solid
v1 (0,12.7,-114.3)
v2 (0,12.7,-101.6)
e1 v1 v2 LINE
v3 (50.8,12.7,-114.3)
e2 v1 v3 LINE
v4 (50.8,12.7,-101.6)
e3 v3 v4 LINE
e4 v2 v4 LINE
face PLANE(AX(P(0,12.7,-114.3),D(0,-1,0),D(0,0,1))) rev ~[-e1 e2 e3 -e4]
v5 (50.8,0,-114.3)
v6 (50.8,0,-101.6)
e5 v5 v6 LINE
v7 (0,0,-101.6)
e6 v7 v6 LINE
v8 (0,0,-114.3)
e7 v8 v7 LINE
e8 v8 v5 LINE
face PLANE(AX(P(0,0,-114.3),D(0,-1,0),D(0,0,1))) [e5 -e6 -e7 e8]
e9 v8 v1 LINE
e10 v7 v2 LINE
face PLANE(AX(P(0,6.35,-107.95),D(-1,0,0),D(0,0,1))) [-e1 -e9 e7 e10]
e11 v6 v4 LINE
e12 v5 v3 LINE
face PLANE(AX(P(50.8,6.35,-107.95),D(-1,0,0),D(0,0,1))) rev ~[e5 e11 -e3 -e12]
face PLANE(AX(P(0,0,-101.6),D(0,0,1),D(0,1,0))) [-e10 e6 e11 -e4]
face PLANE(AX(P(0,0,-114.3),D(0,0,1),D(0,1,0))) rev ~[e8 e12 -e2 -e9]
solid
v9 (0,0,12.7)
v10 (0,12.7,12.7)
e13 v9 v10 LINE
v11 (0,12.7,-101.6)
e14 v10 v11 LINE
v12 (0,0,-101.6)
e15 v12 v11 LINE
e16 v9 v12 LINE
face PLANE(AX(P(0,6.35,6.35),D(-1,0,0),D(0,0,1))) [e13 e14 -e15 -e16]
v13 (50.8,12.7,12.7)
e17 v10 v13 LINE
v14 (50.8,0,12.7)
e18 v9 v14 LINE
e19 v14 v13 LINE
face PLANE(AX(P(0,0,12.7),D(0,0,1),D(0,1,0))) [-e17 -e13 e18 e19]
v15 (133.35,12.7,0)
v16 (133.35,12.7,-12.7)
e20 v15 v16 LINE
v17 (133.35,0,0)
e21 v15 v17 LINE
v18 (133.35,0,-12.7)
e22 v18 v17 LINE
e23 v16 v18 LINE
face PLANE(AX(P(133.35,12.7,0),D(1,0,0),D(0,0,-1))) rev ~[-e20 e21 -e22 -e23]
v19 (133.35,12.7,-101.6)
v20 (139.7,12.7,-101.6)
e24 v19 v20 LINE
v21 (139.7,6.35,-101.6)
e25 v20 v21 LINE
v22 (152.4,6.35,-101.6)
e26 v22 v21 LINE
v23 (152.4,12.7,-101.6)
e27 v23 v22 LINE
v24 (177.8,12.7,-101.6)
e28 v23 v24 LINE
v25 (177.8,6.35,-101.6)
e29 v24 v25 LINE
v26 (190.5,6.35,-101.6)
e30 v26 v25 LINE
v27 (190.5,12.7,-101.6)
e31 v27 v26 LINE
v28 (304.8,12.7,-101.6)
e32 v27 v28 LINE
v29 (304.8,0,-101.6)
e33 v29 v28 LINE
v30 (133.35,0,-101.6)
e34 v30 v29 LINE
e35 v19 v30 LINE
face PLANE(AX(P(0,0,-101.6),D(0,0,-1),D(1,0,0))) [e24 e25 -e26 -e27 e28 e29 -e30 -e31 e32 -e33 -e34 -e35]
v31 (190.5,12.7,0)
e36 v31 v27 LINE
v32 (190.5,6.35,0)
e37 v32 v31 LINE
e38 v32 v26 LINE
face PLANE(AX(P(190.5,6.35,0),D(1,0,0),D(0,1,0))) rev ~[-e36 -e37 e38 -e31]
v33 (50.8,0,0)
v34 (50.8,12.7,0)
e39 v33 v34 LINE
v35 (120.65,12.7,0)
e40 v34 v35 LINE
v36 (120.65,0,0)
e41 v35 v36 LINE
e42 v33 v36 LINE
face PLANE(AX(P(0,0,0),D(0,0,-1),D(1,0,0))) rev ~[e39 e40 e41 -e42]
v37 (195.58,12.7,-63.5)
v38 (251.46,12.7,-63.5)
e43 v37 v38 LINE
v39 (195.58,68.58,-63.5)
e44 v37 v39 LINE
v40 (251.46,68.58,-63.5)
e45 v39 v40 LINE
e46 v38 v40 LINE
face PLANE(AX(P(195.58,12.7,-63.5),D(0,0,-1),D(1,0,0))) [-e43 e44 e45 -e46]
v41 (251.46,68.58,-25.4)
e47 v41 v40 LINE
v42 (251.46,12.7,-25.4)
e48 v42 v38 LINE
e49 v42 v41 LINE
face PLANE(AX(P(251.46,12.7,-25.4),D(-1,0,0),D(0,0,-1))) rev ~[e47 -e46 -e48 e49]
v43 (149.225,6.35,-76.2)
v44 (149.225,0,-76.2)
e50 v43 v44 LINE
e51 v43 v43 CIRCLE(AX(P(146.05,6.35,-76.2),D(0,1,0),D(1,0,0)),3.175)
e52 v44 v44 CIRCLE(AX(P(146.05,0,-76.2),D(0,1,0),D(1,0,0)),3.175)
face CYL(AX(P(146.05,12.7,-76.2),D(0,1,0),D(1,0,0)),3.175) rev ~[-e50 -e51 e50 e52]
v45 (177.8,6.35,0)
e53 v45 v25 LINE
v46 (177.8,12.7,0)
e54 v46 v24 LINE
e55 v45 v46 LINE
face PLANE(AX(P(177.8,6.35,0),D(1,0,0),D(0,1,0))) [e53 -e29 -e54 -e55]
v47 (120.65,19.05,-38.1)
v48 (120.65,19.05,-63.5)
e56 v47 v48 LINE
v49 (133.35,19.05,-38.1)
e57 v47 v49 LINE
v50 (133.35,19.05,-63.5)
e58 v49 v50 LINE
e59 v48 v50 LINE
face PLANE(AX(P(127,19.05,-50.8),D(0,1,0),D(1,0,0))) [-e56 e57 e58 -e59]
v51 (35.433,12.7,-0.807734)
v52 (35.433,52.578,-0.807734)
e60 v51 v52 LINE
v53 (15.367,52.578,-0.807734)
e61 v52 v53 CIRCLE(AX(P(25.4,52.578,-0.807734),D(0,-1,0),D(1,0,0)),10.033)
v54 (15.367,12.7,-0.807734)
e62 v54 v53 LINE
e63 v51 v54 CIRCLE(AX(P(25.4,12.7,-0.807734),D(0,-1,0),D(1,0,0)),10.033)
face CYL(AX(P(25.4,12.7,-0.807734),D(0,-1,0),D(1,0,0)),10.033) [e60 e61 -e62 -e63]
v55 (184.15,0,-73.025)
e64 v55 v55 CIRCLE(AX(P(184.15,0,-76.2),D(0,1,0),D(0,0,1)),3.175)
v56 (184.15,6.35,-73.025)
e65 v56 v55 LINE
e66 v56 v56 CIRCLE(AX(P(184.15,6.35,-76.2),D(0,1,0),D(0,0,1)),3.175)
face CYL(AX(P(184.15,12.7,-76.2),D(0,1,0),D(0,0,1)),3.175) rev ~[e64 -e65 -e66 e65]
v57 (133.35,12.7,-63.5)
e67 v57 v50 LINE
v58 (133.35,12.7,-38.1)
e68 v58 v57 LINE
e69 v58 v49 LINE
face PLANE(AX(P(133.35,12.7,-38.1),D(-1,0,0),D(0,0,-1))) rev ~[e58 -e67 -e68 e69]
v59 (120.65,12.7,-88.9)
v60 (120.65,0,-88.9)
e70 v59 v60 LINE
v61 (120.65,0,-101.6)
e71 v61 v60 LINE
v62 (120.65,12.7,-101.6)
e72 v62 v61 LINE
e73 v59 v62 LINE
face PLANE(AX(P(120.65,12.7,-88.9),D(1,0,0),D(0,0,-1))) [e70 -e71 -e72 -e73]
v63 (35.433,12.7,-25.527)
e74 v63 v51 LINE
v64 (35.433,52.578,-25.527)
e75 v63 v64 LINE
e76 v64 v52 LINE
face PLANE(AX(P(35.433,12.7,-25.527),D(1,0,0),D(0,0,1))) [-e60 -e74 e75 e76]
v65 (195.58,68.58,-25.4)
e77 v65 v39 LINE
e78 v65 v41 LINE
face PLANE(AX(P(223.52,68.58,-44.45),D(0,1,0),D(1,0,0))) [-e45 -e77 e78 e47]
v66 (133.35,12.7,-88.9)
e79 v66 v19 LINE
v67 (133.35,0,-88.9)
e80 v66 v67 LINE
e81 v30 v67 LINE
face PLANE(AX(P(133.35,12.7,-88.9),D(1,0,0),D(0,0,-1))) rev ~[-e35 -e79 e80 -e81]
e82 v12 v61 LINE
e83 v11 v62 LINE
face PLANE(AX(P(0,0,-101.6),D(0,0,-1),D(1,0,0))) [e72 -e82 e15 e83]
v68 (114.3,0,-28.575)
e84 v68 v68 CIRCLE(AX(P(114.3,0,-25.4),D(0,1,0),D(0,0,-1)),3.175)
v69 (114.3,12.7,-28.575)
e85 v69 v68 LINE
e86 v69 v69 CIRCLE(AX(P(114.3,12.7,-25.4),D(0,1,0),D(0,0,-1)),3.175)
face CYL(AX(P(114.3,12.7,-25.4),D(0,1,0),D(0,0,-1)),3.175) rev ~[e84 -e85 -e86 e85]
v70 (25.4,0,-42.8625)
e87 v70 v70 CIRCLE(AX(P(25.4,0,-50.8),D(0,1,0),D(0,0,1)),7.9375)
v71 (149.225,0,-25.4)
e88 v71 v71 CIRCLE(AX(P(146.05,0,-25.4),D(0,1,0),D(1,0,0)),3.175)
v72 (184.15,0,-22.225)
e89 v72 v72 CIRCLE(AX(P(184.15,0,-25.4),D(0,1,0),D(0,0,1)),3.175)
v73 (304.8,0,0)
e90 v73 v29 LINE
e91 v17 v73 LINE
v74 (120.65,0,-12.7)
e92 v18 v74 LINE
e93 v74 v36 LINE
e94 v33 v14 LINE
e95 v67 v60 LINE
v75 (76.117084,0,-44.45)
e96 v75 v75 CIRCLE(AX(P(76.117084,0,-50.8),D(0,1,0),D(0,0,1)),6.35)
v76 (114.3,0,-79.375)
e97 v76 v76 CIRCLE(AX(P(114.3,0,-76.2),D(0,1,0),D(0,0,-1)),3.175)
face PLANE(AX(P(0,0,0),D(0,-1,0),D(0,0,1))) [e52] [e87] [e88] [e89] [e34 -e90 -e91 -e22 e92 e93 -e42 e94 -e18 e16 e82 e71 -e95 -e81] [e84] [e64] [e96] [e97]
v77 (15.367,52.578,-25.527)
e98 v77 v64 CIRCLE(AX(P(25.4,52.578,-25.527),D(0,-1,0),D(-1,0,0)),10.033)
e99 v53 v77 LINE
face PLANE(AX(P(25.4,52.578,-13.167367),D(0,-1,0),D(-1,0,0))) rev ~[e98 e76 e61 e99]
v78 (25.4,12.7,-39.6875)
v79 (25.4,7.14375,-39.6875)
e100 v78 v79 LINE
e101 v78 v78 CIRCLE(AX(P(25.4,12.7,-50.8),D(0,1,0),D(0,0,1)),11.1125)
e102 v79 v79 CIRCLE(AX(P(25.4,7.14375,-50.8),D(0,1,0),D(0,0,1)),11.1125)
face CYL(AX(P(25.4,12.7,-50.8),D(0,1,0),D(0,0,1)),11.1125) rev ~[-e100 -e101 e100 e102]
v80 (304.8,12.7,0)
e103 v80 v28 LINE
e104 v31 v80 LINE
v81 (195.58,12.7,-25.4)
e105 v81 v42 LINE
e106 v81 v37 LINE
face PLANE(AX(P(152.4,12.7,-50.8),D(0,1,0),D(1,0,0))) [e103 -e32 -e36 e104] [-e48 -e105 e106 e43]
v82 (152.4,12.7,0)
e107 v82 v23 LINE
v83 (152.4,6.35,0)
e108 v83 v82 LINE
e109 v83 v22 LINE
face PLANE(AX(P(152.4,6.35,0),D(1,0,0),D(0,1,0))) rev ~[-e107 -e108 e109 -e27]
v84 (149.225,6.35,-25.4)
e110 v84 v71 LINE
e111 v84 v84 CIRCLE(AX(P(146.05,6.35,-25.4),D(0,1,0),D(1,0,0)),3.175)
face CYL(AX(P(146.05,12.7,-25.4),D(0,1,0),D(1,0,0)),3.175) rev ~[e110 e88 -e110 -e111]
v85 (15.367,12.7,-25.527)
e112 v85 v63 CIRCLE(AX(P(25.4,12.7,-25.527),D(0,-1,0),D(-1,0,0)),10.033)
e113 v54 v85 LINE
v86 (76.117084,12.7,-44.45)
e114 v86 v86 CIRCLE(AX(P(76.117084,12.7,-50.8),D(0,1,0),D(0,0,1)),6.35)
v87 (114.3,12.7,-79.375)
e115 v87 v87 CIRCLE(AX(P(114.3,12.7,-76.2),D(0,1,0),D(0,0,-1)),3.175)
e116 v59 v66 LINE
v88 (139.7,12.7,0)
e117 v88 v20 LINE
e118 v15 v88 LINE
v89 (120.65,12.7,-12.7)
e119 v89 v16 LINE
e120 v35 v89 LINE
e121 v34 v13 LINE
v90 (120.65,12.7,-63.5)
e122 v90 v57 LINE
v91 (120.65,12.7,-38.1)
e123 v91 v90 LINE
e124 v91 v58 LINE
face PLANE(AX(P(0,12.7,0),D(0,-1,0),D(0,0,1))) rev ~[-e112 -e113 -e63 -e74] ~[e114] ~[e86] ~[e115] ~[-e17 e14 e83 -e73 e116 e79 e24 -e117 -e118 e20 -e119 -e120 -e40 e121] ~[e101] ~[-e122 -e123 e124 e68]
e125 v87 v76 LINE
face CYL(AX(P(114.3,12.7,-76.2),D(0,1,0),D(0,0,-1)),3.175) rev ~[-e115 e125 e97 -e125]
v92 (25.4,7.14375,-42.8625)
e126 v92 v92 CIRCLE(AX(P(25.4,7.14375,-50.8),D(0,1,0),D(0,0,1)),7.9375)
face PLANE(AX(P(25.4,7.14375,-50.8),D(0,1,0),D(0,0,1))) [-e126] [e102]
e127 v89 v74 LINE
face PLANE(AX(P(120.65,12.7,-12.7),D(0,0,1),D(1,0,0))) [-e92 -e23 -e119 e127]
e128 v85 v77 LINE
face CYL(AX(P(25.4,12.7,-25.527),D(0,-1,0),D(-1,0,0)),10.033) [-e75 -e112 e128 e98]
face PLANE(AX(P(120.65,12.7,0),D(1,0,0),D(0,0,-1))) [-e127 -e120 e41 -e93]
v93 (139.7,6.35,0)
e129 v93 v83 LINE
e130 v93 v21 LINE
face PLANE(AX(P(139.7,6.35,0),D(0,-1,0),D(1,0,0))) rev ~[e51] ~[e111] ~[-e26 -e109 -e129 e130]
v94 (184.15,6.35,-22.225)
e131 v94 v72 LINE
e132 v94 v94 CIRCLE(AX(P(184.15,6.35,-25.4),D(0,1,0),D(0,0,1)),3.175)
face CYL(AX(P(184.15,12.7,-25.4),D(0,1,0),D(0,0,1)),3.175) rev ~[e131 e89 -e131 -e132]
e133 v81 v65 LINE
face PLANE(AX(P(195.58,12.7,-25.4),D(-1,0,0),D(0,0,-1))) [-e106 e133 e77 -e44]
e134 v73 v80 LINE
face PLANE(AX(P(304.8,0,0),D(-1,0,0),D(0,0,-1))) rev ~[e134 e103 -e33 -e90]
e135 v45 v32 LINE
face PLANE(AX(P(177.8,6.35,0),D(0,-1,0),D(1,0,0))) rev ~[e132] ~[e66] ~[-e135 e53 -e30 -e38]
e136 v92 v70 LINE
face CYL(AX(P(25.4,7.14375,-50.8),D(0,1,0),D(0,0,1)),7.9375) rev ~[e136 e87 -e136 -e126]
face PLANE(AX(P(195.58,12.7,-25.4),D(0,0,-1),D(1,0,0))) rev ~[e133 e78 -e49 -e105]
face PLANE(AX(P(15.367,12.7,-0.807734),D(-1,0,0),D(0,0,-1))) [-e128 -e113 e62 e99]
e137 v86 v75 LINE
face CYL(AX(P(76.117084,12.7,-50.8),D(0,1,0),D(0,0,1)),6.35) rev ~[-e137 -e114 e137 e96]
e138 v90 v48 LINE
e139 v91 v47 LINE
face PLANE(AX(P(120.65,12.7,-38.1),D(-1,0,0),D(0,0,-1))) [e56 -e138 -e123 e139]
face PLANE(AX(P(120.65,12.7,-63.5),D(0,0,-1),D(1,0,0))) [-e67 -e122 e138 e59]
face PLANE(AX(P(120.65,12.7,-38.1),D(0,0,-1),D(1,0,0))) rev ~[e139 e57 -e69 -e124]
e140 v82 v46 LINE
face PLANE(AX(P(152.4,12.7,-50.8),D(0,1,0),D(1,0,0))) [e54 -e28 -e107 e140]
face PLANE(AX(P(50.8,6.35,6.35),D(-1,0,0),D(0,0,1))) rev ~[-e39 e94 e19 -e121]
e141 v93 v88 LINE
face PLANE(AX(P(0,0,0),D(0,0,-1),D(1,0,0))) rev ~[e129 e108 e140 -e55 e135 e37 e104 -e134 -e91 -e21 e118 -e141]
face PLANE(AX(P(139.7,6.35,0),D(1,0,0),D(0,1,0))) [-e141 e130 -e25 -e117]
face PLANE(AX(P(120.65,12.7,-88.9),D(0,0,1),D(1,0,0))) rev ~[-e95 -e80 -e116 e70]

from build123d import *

# Parameters (mm, degrees)
SKETCH1_W             = 304.8
SKETCH1_H             = 101.6
BOSS_EXTRUDE1_DEPTH   = 12.7
SKETCH3_R             = 11.1125
CUT_EXTRUDE2_DEPTH    = 5.55625
SKETCH9_W             = 12.7
SKETCH9_H             = 6.35
CUT_EXTRUDE5_DEPTH    = 322.53831809
CUT_EXTRUDE8_START    = 6.35
SKETCH15_R            = 3.175
CUT_EXTRUDE8_DEPTH    = 25.4
SKETCH17_W            = 55.88
SKETCH17_H            = 38.1
BOSS_EXTRUDE5_DEPTH   = 55.88
SKETCH20_W            = 12.7
SKETCH20_H            = 12.7
BOSS_EXTRUDE7_DEPTH   = 50.8
BOSS_EXTRUDE7_2_DEPTH = 50.8
SKETCH21_R            = 7.9375
CUT_EXTRUDE10_DEPTH   = 332.273214755
BOSS_EXTRUDE8_DEPTH   = 39.878
SKETCH23_R            = 6.35
CUT_EXTRUDE11_DEPTH   = 331.287911374
SKETCH24_W            = 12.7
SKETCH24_H            = 25.4
BOSS_EXTRUDE9_DEPTH   = 6.35
SKETCH25_W            = 12.7
SKETCH25_H            = 12.7
CUT_EXTRUDE12_DEPTH   = 331.287911374


with BuildPart() as part:
    # Sketch1 → Boss-Extrude1 (new body)
    with BuildSketch(Plane(origin=(0, 0, 0), x_dir=(1, 0, 0), z_dir=(0, 1, 0))):
        with Locations((152.4, 50.8)):
            Rectangle(SKETCH1_W, SKETCH1_H)
    extrude(amount=BOSS_EXTRUDE1_DEPTH)

    # Sketch3 → Cut-Extrude2 (cut)
    with BuildSketch(Plane(origin=(0, 12.7, 0), x_dir=(1, 0, 0), z_dir=(0, 1, 0))):
        with Locations(Location((25.4, 50.8, 0), (0, 0, 270))):
            Circle(SKETCH3_R)
    extrude(amount=-CUT_EXTRUDE2_DEPTH, mode=Mode.SUBTRACT)

    # Sketch9 → Cut-Extrude5 (cut, through all)
    with BuildSketch(Plane.XY):
        with Locations((146.05, 9.525)):
            Rectangle(SKETCH9_W, SKETCH9_H)
        with Locations((184.15, 9.525)):
            Rectangle(SKETCH9_W, SKETCH9_H)
    extrude(amount=-CUT_EXTRUDE5_DEPTH, mode=Mode.SUBTRACT)

    # Sketch15 → Cut-Extrude8 (cut)
    with BuildSketch(Plane(origin=(0, 6.35, 0), x_dir=(1, 0, 0), z_dir=(0, 1, 0)).offset(CUT_EXTRUDE8_START)):
        with Locations((146.05, 25.4)):
            Circle(SKETCH15_R)
        with Locations(Location((184.15, 76.2, 0), (0, 0, 270))):
            Circle(SKETCH15_R)
        with Locations(Location((184.15, 25.4, 0), (0, 0, 270))):
            Circle(SKETCH15_R)
        with Locations((146.05, 76.2)):
            Circle(SKETCH15_R)
        with Locations(Location((114.3, 25.4, 0), (0, 0, 90))):
            Circle(SKETCH15_R)
        with Locations(Location((114.3, 76.2, 0), (0, 0, 90))):
            Circle(SKETCH15_R)
    extrude(amount=-CUT_EXTRUDE8_DEPTH, mode=Mode.SUBTRACT)

    # Sketch17 → Boss-Extrude5 (add)
    with BuildSketch(Plane(origin=(0, 12.7, 0), x_dir=(1, 0, 0), z_dir=(0, 1, 0))):
        with Locations((223.52, 44.45)):
            Rectangle(SKETCH17_W, SKETCH17_H)
    extrude(amount=BOSS_EXTRUDE5_DEPTH)

    # Sketch21 → Cut-Extrude10 (cut, through all)
    with BuildSketch(Plane(origin=(0, 7.14375, 0), x_dir=(1, 0, 0), z_dir=(0, 1, 0))):
        with Locations(Location((25.4, 50.8, 0), (0, 0, 270))):
            Circle(SKETCH21_R)
    extrude(amount=-CUT_EXTRUDE10_DEPTH, mode=Mode.SUBTRACT)



with BuildPart() as body_2:
    # Sketch20 → Boss-Extrude7 (new body)
    with BuildSketch(Plane.ZY):
        with Locations((6.35, 6.35)):
            Rectangle(SKETCH20_W, SKETCH20_H)
    extrude(amount=-BOSS_EXTRUDE7_DEPTH)


with BuildPart() as body_3:
    # Sketch20 → Boss-Extrude7 2 (new body)
    with BuildSketch(Plane.ZY):
        with Locations((-107.95, 6.35)):
            Rectangle(SKETCH20_W, SKETCH20_H)
    extrude(amount=-BOSS_EXTRUDE7_2_DEPTH)


with BuildPart() as part_1:
    add(part.part)

    add(body_2.part)  # Boss-Extrude8 merges body 2
    # Sketch22 → Boss-Extrude8 (add)
    with BuildSketch(Plane(origin=(0, 12.7, 0), x_dir=(1, 0, 0), z_dir=(0, 1, 0))):
        with BuildLine():
            Line((35.433, 25.527), (35.433, 0.807734429))
            ThreePointArc((35.433, 0.807734429), (25.4, -9.225265571), (15.367, 0.807734429))
            Line((15.367, 0.807734429), (15.367, 25.527))
            ThreePointArc((15.367, 25.527), (25.4, 35.56), (35.433, 25.527))
        make_face()
    extrude(amount=BOSS_EXTRUDE8_DEPTH)

    # Sketch23 → Cut-Extrude11 (cut, through all)
    with BuildSketch(Plane(origin=(0, 12.7, 0), x_dir=(1, 0, 0), z_dir=(0, 1, 0))):
        with Locations(Location((76.117084071, 50.8, 0), (0, 0, 270))):
            Circle(SKETCH23_R)
    extrude(amount=-CUT_EXTRUDE11_DEPTH, mode=Mode.SUBTRACT)

    # Sketch24 → Boss-Extrude9 (add)
    with BuildSketch(Plane(origin=(0, 12.7, 0), x_dir=(1, 0, 0), z_dir=(0, 1, 0))):
        with Locations((127, 50.8)):
            Rectangle(SKETCH24_W, SKETCH24_H)
    extrude(amount=BOSS_EXTRUDE9_DEPTH)

    # Sketch25 → Cut-Extrude12 (cut, through all)
    with BuildSketch(Plane(origin=(0, 12.7, 0), x_dir=(1, 0, 0), z_dir=(0, 1, 0))):
        with Locations((127, 95.25)):
            Rectangle(SKETCH25_W, SKETCH25_H)
        with Locations((127, 6.35)):
            Rectangle(SKETCH25_W, SKETCH25_H)
    extrude(amount=-CUT_EXTRUDE12_DEPTH, mode=Mode.SUBTRACT)


solid = Compound([body_3.part, part_1.part])
